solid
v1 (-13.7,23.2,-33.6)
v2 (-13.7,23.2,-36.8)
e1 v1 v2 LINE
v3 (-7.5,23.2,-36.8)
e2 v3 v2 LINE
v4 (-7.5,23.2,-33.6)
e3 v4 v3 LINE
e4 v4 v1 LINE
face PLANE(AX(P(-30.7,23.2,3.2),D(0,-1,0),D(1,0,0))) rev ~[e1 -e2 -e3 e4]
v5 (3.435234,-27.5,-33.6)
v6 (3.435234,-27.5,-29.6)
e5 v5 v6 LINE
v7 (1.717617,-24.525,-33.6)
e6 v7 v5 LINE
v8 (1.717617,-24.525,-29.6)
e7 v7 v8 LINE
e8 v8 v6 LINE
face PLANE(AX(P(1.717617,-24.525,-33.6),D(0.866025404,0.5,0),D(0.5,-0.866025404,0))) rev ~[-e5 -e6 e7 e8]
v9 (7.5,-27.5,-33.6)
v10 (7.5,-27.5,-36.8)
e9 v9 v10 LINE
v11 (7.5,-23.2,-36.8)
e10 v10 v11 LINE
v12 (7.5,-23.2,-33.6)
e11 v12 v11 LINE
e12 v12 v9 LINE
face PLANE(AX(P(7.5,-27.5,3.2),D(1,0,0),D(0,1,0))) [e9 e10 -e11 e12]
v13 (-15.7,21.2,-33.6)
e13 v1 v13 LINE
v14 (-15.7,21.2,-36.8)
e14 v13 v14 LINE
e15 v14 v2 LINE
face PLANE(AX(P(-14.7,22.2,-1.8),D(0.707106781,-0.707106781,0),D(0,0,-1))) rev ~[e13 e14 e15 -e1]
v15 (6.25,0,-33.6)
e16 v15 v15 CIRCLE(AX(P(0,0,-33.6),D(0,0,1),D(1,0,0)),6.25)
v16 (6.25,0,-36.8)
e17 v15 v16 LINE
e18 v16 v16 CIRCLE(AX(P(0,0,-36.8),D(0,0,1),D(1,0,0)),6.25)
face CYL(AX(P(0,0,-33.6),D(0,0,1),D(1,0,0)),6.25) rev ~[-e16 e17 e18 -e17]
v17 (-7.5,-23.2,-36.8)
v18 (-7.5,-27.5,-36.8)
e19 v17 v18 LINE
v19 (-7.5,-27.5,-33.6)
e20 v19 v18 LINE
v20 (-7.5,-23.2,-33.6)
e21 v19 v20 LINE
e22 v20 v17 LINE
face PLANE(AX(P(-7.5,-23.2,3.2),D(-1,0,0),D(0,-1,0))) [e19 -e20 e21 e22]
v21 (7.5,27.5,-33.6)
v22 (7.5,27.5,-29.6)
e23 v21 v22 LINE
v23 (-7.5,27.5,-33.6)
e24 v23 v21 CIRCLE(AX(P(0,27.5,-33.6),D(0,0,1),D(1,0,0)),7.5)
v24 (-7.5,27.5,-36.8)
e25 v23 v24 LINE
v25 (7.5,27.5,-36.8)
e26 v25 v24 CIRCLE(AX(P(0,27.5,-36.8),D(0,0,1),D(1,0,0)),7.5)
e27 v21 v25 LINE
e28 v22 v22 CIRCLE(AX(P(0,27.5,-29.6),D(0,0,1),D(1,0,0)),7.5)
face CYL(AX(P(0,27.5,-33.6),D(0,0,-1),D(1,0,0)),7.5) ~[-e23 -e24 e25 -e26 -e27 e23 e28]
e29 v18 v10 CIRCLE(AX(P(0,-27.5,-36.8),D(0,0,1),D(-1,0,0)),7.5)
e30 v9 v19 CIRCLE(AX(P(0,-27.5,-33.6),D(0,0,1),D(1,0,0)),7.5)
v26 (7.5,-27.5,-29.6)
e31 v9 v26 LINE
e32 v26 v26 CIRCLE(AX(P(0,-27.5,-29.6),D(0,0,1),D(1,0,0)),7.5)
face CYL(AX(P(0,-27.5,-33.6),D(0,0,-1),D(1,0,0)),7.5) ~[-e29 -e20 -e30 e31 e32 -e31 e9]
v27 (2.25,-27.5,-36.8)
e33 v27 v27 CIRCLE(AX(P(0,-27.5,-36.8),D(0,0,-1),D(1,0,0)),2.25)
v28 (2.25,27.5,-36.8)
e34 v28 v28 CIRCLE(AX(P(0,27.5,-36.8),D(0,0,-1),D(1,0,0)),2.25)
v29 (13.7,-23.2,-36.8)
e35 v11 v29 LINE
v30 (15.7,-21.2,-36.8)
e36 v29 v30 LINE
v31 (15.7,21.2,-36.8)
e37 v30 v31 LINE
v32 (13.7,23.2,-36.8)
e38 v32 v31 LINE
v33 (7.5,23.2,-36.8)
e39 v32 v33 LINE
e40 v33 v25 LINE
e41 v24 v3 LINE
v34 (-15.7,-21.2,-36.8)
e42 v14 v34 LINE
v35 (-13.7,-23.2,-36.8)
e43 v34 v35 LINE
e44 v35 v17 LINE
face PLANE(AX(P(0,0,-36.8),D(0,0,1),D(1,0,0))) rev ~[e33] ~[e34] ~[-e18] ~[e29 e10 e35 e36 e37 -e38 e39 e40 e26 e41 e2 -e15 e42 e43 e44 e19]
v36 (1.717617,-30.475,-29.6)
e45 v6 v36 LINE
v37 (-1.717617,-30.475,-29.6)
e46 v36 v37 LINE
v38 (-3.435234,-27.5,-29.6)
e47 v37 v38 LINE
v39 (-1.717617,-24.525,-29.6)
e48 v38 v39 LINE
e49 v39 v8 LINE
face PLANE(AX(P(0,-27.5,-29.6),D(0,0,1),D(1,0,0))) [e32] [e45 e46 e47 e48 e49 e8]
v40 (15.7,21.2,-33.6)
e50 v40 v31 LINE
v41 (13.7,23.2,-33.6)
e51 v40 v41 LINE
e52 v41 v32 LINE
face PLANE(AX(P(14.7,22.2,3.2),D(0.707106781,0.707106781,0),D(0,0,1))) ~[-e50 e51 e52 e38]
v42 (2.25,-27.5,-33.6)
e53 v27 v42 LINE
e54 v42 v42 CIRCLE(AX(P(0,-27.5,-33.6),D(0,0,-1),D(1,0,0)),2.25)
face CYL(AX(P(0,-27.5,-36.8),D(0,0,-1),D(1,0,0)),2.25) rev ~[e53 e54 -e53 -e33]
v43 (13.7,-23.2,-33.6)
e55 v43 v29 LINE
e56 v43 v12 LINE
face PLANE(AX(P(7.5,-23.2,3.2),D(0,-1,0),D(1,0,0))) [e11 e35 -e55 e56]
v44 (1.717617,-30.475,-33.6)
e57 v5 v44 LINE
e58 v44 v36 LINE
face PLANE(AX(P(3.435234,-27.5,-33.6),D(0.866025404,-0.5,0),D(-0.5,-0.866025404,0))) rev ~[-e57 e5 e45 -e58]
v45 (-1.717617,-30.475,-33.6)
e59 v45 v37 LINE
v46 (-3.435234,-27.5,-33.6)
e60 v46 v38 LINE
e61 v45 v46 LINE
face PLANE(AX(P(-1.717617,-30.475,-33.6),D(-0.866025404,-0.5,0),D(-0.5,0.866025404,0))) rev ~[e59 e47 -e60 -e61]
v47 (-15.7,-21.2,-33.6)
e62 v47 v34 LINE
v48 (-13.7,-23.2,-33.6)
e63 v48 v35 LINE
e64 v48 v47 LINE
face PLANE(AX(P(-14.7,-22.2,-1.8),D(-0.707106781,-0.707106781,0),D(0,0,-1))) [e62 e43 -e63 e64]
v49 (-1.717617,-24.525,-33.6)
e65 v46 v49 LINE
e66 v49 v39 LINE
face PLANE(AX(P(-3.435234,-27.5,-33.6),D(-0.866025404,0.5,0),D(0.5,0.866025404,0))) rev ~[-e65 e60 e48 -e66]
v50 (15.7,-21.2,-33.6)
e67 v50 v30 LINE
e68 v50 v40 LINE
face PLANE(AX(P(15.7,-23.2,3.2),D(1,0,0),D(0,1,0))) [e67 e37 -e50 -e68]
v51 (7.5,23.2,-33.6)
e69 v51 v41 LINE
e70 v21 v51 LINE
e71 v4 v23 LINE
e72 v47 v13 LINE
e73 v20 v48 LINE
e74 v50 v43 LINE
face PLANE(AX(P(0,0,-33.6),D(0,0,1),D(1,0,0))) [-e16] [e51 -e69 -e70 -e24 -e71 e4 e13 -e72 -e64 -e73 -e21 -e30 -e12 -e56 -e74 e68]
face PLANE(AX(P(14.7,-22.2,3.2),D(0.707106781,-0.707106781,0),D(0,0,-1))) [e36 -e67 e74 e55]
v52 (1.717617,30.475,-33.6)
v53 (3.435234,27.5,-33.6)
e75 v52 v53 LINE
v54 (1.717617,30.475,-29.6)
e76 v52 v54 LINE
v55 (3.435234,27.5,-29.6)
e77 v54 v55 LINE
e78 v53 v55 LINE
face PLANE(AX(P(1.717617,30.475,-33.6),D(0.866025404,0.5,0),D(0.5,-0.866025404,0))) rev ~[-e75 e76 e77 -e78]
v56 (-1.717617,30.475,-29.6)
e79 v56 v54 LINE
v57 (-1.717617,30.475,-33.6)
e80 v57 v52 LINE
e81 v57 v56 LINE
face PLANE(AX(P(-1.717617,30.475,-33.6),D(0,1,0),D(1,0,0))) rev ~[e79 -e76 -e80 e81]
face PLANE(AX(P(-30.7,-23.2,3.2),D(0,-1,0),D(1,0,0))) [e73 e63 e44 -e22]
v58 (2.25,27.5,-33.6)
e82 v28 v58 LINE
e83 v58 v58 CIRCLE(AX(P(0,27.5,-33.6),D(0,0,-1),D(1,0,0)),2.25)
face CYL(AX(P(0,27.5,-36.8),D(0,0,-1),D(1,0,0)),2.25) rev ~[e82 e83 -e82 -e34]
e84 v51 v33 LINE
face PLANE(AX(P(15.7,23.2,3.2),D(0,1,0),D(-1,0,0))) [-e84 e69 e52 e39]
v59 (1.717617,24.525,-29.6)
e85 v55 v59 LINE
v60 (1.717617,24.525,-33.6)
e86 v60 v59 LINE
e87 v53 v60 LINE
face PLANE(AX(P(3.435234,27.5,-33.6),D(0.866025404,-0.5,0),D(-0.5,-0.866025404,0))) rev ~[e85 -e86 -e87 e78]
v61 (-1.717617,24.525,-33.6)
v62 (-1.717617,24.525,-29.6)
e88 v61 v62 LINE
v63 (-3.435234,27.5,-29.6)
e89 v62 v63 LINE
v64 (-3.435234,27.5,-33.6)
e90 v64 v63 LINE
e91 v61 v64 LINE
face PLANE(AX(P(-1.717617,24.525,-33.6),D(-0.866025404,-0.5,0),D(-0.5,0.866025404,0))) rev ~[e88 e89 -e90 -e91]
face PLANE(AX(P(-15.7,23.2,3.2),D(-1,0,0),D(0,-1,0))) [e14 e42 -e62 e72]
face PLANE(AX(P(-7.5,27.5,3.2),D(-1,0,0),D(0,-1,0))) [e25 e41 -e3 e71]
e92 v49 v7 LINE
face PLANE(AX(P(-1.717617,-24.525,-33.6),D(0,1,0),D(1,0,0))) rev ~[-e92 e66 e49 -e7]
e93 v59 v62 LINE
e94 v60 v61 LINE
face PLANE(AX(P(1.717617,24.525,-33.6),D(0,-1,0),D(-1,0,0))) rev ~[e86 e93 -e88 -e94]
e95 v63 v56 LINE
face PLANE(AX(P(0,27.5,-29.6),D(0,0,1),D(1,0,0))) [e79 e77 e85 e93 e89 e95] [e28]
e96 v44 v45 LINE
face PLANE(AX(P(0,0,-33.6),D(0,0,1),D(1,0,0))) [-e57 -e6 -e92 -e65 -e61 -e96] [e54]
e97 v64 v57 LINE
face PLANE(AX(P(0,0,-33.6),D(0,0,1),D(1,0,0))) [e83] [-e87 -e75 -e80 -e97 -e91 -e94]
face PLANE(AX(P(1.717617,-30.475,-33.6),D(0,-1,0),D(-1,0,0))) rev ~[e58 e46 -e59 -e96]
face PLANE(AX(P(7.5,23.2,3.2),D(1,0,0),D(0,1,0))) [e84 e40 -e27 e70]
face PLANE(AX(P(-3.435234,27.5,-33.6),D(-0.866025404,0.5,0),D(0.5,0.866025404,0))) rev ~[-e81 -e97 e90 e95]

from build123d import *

# Parameters (mm, degrees)
F0_W      = 25
F0_H      = 40
F0_R      = 6.25
F1_DEPTH  = 3.2
F2_W      = 25
F2_H      = 40
F3_DEPTH  = 40
F4_W      = 15
F4_H      = 46.4
F4_R      = 2.25
F5_DEPTH  = 5
F6_SIZE   = 2
F7_R      = 2.25
F8_DEPTH  = 3.2
F9_W      = 46.4
F9_H      = 70
F10_DEPTH = 36.8
F11_W     = 25
F11_H     = 40
F11_R     = 6.25
F12_DEPTH = 3.2
F13_R     = 7.5
F14_DEPTH = 4


with BuildPart() as f1:
    # F0 (on Top) → F1 (new body)
    with BuildSketch(Plane.XY):
        Rectangle(F0_W, F0_H)
        Circle(F0_R, mode=Mode.SUBTRACT)
    extrude(amount=F1_DEPTH)

    # F2 (on face) → F3 (join)
    with BuildSketch(Plane.XY.offset(3.2)):
        with BuildLine():
            Line((15.7, -23.2), (15.7, 23.2))
            Line((15.7, 23.2), (7.5, 23.2))
            Line((7.5, 23.2), (7.5, 27.5))
            ThreePointArc((7.5, 27.5), (0, 35), (-7.5, 27.5))
            Line((-7.5, 27.5), (-7.5, 23.2))
            Line((-7.5, 23.2), (-15.7, 23.2))
            Line((-15.7, 23.2), (-15.7, -23.2))
            Line((-15.7, -23.2), (-7.5, -23.2))
            Line((-7.5, -23.2), (-7.5, -27.5))
            ThreePointArc((-7.5, -27.5), (0, -35), (7.5, -27.5))
            Line((7.5, -27.5), (7.5, -23.2))
            Line((7.5, -23.2), (15.7, -23.2))
        make_face()
        Polygon((-3.4352341017, -27.5), (-1.7176170508, -24.525), (1.7176170508, -24.525), (3.4352341017, -27.5), (1.7176170508, -30.475), (-1.7176170508, -30.475), align=None, mode=Mode.SUBTRACT)
        Rectangle(F2_W, F2_H, mode=Mode.SUBTRACT)
        Polygon((-3.4352341017, 27.5), (-1.7176170508, 30.475), (1.7176170508, 30.475), (3.4352341017, 27.5), (1.7176170508, 24.525), (-1.7176170508, 24.525), align=None, mode=Mode.SUBTRACT)
    extrude(amount=-F3_DEPTH)

    # F4 (on face) → F5 (join)
    with BuildSketch(Plane.XY.offset(3.2)):
        with Locations((-23.2, 0)):
            Rectangle(F4_W, F4_H)
        with Locations((-23.2, -13.2)):
            Circle(F4_R, mode=Mode.SUBTRACT)
        with Locations((-23.2, 13.2)):
            Circle(F4_R, mode=Mode.SUBTRACT)
    extrude(amount=-F5_DEPTH)

    # F6
    f6_edges = [f1.edges().sort_by_distance(p)[0] for p in [
        (15.7, 23.2, -16.8),
        (-15.7, 23.2, -19.3),
        (-15.7, -23.2, -19.3),
        (15.7, -23.2, -16.8),
        (-30.7, 23.2, 0.7),
        (-30.7, -23.2, 0.7),
    ]]
    chamfer(f6_edges, length=F6_SIZE)

    # F7 (on face) → F8 (join)
    with BuildSketch(Plane(origin=(0, 0, -36.8), x_dir=(1, 0, 0), z_dir=(0, 0, -1))):
        Polygon((1.7176170508, 30.475), (-1.7176170508, 30.475), (-3.4352341017, 27.5), (-1.7176170508, 24.525), (1.7176170508, 24.525), (3.4352341017, 27.5), align=None)
        with Locations((0, 27.5)):
            Circle(F7_R, mode=Mode.SUBTRACT)
        Polygon((-3.4352341017, -27.5), (-1.7176170508, -30.475), (1.7176170508, -30.475), (3.4352341017, -27.5), (1.7176170508, -24.525), (-1.7176170508, -24.525), align=None)
        with Locations((0, -27.5)):
            Circle(F7_R, mode=Mode.SUBTRACT)
    extrude(amount=-F8_DEPTH)

    # F9 (on face) → F10 (cut)
    with BuildSketch(Plane.XY.offset(3.2)):
        with Locations((-7.5, 0)):
            Rectangle(F9_W, F9_H)
    extrude(amount=-F10_DEPTH, mode=Mode.SUBTRACT)

    # F11 (on face) → F12 (join)
    with BuildSketch(Plane.XY.offset(-33.6)):
        Rectangle(F11_W, F11_H)
        Circle(F11_R, mode=Mode.SUBTRACT)
    extrude(amount=-F12_DEPTH)

    # F13 (on face) → F14 (join)
    with BuildSketch(Plane.XY.offset(-33.6)):
        with Locations((0, 27.5)):
            Circle(F13_R)
        Polygon((-3.4352341017, 27.5), (-1.7176170508, 30.475), (1.7176170508, 30.475), (3.4352341017, 27.5), (1.7176170508, 24.525), (-1.7176170508, 24.525), align=None, mode=Mode.SUBTRACT)
        with Locations((0, -27.5)):
            Circle(F13_R)
        Polygon((-3.4352341017, -27.5), (-1.7176170508, -24.525), (1.7176170508, -24.525), (3.4352341017, -27.5), (1.7176170508, -30.475), (-1.7176170508, -30.475), align=None, mode=Mode.SUBTRACT)
    extrude(amount=F14_DEPTH)


solid = f1.part
